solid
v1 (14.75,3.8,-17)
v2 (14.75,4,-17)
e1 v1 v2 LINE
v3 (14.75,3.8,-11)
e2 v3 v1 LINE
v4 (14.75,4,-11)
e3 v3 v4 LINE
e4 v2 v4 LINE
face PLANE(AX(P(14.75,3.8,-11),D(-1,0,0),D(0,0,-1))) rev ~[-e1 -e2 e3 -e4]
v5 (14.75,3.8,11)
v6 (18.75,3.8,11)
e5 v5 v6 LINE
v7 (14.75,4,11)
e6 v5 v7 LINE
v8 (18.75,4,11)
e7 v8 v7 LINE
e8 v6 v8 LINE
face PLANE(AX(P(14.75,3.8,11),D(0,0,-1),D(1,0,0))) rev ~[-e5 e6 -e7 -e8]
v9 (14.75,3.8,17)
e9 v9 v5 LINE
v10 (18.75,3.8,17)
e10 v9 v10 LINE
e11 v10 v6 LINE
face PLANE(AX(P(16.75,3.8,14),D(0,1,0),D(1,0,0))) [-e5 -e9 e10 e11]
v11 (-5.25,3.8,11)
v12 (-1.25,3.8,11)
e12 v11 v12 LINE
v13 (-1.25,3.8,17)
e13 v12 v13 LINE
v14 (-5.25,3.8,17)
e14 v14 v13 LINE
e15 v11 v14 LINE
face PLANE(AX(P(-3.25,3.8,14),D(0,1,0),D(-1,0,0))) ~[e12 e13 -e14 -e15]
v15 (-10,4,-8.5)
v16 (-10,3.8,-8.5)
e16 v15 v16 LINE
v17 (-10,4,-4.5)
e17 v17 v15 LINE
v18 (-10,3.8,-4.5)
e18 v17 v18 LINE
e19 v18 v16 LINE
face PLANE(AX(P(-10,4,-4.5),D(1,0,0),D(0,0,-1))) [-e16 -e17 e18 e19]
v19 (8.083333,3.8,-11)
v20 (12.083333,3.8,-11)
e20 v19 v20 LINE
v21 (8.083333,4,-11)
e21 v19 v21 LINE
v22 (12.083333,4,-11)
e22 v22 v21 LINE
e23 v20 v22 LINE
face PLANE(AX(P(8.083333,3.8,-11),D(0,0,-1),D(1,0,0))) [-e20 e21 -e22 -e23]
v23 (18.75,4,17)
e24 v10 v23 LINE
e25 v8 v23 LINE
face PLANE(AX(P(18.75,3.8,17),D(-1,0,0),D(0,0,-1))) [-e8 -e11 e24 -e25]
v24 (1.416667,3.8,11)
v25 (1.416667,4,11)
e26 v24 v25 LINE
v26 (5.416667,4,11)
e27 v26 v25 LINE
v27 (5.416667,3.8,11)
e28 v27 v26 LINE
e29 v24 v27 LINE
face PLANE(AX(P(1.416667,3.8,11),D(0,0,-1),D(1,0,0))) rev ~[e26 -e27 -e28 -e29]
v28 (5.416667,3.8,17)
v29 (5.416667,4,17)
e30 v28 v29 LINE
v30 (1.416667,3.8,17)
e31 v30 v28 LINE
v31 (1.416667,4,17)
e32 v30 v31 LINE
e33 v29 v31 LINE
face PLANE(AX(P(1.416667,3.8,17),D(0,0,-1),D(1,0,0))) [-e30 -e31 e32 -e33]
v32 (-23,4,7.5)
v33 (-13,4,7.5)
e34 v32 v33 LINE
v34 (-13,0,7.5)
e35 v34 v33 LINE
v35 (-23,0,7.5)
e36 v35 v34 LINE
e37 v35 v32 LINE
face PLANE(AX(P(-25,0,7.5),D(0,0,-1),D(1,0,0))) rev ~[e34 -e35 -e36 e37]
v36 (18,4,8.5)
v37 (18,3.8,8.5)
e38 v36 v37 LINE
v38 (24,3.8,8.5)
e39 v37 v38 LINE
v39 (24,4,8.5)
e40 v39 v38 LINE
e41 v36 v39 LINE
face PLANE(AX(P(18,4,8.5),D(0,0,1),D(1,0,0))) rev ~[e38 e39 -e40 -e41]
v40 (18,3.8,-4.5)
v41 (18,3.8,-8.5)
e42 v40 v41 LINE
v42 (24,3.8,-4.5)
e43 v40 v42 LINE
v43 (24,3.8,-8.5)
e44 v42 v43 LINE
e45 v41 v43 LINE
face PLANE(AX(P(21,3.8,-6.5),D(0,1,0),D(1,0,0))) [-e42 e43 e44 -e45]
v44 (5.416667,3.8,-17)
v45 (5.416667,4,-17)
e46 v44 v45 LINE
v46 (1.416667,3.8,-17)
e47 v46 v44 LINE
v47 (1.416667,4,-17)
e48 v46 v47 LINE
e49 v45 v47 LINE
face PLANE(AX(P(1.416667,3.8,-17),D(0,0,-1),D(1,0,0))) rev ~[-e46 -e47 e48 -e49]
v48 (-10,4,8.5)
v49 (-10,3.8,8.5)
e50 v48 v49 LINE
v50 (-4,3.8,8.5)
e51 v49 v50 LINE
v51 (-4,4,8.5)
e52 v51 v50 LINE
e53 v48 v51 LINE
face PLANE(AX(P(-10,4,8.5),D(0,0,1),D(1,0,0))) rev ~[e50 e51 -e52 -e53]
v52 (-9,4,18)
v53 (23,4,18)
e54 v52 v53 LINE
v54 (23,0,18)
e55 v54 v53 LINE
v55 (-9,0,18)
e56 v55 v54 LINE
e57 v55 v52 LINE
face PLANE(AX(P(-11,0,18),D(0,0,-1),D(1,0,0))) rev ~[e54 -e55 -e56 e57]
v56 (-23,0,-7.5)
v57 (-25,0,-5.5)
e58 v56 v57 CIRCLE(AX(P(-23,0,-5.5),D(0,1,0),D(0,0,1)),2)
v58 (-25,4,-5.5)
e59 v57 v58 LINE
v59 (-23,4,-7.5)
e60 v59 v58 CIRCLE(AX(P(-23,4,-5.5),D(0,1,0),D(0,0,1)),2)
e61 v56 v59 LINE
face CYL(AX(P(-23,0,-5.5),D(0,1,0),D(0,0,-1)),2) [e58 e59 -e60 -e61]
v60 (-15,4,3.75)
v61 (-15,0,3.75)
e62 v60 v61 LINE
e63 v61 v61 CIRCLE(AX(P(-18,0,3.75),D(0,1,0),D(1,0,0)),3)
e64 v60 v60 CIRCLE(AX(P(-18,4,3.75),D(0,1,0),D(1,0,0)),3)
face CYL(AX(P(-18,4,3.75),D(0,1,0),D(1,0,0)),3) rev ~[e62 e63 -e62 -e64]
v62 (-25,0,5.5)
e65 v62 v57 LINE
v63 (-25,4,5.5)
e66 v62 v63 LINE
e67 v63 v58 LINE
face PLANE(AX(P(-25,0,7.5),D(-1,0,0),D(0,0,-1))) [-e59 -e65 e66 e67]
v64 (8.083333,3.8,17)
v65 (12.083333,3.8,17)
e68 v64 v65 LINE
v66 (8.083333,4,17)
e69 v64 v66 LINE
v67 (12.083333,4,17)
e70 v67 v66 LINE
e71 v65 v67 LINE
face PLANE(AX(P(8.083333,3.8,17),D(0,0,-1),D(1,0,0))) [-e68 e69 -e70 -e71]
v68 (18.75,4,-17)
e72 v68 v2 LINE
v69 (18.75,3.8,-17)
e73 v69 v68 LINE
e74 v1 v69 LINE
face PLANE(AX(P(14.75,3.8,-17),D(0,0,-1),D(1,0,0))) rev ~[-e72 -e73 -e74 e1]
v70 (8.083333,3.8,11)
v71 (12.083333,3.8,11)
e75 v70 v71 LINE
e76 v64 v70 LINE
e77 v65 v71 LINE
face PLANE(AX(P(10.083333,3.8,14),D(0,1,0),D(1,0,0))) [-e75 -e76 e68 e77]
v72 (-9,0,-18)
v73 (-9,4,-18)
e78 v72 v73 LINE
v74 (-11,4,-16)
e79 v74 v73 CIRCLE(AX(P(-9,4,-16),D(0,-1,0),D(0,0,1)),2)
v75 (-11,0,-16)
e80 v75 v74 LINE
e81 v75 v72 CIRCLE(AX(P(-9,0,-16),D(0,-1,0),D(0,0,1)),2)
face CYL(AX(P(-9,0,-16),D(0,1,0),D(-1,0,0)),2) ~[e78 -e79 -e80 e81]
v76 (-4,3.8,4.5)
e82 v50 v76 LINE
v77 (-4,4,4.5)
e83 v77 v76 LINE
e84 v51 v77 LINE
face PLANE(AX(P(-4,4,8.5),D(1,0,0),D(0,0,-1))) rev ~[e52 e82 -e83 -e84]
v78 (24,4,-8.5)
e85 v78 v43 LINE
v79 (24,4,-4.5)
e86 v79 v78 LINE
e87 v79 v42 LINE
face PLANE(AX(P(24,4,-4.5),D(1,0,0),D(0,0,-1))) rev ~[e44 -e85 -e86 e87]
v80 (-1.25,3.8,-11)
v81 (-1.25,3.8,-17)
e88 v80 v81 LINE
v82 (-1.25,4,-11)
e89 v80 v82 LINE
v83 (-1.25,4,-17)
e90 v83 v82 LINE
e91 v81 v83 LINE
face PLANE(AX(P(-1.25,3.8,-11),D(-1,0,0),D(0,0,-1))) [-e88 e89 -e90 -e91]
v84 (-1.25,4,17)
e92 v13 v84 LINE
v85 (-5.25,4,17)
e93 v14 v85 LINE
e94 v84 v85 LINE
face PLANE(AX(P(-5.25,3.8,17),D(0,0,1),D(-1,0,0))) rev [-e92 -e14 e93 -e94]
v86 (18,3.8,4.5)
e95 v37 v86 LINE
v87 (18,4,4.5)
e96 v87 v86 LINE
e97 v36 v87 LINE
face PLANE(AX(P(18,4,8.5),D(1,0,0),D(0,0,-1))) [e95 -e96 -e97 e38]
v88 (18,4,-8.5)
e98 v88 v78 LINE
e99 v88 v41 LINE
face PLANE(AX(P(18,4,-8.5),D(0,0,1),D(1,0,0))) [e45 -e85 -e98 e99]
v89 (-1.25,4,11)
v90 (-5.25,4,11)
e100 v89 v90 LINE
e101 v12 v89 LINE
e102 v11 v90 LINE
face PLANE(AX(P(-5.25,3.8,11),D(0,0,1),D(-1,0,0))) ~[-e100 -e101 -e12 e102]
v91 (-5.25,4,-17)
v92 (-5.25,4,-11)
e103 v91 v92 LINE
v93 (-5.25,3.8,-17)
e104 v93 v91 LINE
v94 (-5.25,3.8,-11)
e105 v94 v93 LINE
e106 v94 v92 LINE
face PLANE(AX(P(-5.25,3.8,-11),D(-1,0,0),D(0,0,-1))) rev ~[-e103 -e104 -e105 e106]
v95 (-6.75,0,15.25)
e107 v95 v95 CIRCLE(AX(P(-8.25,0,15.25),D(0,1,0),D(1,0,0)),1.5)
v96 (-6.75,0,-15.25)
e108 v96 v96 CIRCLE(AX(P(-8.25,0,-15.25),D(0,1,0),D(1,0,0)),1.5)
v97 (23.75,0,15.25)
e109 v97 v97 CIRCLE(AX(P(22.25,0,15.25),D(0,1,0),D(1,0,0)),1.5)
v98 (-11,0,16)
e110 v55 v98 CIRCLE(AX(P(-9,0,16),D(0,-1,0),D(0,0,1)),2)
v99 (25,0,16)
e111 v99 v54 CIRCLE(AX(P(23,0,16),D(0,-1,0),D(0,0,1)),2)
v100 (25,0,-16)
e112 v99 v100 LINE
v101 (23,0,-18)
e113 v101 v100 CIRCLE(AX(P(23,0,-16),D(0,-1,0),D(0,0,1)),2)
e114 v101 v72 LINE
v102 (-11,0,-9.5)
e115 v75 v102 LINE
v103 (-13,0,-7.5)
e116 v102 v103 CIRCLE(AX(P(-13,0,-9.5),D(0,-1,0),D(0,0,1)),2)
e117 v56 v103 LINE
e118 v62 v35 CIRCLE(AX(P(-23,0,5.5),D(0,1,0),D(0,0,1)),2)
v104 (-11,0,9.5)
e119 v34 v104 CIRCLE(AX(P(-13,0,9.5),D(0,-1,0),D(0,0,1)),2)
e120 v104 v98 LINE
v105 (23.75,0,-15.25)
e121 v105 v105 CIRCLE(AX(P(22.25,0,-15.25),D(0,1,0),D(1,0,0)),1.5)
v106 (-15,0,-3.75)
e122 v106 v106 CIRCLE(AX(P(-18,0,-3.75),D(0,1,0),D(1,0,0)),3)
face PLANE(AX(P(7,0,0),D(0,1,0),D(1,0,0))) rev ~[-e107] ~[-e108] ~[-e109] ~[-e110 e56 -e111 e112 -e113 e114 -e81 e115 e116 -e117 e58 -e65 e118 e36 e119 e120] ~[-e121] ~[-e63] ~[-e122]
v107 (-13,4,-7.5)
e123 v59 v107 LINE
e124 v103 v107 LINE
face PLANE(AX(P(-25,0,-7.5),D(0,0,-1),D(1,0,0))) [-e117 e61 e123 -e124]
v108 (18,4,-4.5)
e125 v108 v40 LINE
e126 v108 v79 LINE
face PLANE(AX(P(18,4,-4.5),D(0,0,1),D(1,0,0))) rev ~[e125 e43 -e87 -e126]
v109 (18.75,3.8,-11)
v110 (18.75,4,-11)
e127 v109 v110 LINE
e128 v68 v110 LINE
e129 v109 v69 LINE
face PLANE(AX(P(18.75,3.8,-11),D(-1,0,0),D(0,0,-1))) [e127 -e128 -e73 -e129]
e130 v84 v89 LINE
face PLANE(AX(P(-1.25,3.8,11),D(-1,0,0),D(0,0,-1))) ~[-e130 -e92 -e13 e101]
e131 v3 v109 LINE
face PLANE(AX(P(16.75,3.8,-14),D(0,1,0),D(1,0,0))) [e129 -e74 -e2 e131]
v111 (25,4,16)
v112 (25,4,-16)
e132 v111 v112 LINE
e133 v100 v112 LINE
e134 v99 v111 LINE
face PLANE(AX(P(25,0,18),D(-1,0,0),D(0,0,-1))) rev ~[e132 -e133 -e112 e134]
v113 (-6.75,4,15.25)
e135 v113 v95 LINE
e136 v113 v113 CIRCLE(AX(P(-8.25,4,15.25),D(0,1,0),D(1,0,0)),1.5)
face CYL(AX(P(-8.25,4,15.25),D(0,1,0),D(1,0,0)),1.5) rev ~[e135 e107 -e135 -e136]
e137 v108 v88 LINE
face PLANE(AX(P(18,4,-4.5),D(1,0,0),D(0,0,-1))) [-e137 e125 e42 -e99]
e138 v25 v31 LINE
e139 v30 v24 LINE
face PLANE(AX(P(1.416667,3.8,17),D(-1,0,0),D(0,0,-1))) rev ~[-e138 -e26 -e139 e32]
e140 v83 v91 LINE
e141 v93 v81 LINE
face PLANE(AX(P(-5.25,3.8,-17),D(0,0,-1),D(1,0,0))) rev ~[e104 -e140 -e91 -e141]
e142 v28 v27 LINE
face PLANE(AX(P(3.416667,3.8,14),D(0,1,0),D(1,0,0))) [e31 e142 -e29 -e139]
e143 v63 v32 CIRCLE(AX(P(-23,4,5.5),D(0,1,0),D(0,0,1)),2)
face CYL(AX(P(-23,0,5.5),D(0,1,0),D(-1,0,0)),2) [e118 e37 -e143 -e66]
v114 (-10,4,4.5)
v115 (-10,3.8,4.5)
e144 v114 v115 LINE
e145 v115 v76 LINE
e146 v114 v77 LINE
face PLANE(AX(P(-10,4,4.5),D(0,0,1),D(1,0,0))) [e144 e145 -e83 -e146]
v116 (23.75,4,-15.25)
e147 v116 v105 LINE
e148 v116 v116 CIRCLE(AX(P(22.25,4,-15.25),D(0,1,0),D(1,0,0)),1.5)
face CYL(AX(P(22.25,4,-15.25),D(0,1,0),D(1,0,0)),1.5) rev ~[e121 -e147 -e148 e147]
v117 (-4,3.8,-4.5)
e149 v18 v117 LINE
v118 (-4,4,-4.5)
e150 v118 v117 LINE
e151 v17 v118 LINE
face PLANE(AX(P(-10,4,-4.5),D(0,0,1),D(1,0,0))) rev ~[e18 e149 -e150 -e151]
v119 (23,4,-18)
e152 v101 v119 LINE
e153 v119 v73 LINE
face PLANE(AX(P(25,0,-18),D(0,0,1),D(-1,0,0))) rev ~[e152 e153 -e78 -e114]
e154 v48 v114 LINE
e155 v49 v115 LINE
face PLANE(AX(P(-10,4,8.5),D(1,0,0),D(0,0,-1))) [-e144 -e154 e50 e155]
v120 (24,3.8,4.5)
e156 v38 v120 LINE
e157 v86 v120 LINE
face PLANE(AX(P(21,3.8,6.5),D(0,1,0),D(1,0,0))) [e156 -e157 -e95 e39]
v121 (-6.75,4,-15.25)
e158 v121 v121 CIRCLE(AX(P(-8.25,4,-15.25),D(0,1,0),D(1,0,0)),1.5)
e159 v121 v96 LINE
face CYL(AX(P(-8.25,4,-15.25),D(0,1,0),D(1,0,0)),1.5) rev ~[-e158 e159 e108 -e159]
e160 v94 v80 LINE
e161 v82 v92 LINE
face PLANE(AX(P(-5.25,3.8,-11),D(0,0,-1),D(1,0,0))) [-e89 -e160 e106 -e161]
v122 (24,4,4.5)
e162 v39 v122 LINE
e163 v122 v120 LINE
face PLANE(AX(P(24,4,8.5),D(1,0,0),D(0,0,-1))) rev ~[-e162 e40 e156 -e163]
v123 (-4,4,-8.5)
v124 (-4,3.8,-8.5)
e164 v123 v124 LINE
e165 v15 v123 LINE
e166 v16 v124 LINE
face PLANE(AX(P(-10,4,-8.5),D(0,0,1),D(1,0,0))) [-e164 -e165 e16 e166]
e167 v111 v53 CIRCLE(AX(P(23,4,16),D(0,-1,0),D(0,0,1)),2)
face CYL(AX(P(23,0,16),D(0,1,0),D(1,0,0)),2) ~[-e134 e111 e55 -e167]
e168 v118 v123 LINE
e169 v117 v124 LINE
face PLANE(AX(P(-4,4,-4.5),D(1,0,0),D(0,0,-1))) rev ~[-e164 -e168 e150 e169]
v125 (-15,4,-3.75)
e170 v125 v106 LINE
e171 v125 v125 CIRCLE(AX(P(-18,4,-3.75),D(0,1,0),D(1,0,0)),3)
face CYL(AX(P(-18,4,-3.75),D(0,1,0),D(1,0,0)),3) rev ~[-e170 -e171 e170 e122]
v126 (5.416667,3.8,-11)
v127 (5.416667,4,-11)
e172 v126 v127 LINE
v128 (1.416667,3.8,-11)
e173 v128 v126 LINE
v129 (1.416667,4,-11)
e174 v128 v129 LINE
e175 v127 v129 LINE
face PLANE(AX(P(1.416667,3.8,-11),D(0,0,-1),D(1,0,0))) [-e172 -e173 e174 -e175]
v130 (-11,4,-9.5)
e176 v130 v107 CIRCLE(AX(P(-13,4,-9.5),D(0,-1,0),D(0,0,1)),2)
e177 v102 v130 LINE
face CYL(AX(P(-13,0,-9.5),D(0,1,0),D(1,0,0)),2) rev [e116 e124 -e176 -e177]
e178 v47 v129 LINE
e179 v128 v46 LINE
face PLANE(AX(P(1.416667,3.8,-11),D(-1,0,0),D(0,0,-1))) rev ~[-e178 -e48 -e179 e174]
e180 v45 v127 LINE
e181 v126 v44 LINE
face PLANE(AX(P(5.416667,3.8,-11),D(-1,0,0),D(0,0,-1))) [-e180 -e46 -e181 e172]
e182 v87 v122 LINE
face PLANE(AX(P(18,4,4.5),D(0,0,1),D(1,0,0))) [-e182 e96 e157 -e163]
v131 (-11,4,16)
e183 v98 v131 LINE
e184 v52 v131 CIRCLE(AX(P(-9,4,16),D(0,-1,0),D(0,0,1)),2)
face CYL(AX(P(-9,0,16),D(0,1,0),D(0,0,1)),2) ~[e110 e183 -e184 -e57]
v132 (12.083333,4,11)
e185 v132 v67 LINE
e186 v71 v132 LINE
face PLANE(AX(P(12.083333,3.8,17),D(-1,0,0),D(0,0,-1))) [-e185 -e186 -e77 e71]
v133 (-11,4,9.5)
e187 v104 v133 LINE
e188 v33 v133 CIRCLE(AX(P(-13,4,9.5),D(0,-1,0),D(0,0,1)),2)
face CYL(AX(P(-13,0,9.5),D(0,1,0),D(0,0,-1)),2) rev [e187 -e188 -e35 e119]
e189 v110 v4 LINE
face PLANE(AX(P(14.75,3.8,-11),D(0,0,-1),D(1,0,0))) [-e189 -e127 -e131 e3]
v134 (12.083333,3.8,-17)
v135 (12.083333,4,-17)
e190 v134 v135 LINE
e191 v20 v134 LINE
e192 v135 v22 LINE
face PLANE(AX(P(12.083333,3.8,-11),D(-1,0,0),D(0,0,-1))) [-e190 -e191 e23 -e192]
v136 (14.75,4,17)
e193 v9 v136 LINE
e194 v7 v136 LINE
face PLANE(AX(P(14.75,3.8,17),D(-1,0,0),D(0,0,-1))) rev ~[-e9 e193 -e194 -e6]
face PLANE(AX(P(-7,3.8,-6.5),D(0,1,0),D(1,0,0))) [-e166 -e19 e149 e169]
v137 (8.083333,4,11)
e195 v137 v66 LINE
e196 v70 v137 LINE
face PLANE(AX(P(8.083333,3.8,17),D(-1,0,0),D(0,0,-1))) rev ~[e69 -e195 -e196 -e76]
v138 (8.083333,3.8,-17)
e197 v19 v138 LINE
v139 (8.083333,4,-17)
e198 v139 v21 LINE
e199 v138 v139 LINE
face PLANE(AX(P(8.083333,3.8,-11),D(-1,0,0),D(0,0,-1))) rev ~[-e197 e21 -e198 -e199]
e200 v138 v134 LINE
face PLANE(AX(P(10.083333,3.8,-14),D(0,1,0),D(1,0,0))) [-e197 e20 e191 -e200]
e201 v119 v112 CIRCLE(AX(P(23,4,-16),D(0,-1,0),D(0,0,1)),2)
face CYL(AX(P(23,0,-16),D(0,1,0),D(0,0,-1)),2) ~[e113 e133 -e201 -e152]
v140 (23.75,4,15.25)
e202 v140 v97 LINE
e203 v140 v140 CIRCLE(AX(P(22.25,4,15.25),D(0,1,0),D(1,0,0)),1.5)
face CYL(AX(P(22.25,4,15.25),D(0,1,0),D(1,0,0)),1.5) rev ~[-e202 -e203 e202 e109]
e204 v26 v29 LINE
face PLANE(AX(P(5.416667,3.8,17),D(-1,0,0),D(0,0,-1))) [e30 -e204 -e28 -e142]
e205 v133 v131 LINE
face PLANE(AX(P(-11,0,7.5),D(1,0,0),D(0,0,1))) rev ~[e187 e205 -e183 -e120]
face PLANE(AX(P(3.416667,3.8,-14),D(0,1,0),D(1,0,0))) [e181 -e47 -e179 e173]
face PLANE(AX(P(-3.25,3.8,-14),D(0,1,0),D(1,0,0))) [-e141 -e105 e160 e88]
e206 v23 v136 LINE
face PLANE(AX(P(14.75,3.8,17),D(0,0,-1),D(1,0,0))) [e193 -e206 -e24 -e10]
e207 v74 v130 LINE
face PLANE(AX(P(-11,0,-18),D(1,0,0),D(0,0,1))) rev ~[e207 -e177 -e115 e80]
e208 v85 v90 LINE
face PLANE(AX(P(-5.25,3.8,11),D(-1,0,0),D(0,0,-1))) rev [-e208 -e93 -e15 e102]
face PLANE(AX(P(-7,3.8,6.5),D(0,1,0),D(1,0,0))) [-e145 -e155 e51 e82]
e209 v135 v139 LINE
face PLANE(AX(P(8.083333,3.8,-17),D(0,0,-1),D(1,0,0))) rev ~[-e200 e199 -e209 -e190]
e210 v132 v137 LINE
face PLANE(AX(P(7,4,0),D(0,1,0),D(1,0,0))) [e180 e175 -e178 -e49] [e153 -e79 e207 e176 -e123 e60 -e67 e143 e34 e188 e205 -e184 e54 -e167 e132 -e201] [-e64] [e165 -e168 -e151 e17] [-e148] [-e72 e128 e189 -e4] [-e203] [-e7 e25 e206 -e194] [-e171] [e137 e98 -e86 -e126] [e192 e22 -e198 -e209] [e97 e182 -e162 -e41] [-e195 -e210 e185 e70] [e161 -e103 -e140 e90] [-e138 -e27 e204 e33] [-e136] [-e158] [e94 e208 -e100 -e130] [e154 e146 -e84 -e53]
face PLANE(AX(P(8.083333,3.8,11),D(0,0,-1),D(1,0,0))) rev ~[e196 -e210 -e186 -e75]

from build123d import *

# Parameters (mm, degrees)
SKETCH1_W               = 14
SKETCH1_H               = 15
BOSS_EXTRUDE1_DEPTH     = 4
SKETCH2_R               = 3
SKETCH2_R_2             = 1.5
CUT_EXTRUDE1_DEPTH      = 1
CUT_EXTRUDE1_DEPTH_BACK = 5
FILLET1_R               = 2
CUT_EXTRUDE2_START      = -0.2
SKETCH3_W               = 4
SKETCH3_H               = 6
CUT_EXTRUDE2_DEPTH      = 1.2
LPATTERN1_COUNT         = 4
LPATTERN1_PITCH         = 6.666666667
MIRROR1_START           = -0.2
MIRROR1_COPY_1_SKETCH_W = 4
MIRROR1_COPY_1_SKETCH_H = 6
MIRROR1_COPY_1_DEPTH    = 1.2
MIRROR1_COPY_2_SKETCH_W = 4
MIRROR1_COPY_2_SKETCH_H = 6
MIRROR1_COPY_2_DEPTH    = 1.2
MIRROR1_COPY_3_SKETCH_W = 4
MIRROR1_COPY_3_SKETCH_H = 6
MIRROR1_COPY_3_DEPTH    = 1.2
SKETCH4_W               = 6
SKETCH4_H               = 4
CUT_EXTRUDE3_DEPTH      = 1
CUT_EXTRUDE3_DEPTH_BACK = 0.2


with BuildPart() as part:
    # Sketch1 → Boss-Extrude1 (new body)
    with BuildSketch(Plane(origin=(0, 0, 0), x_dir=(1, 0, 0), z_dir=(0, 1, 0))):
        Polygon((-11, 18), (-11, 7.5), (-11, -7.5), (-11, -18), (25, -18), (25, 18), align=None)
        with Locations((-18, 0)):
            Rectangle(SKETCH1_W, SKETCH1_H)
    extrude(amount=BOSS_EXTRUDE1_DEPTH)

    # Sketch2 → Cut-Extrude1 (cut, two sides)
    with BuildSketch(Plane(origin=(0, 4, 0), x_dir=(1, 0, 0), z_dir=(0, 1, 0))) as cut_extrude1_sk:
        with Locations((-18, 3.75)):
            Circle(SKETCH2_R)
        with Locations((-8.25, 15.25)):
            Circle(SKETCH2_R_2)
        with Locations((22.25, 15.25)):
            Circle(SKETCH2_R_2)
        with Locations((-18, -3.75)):
            Circle(SKETCH2_R)
        with Locations((22.25, -15.25)):
            Circle(SKETCH2_R_2)
        with Locations((-8.25, -15.25)):
            Circle(SKETCH2_R_2)
    extrude(amount=CUT_EXTRUDE1_DEPTH, mode=Mode.SUBTRACT)
    extrude(cut_extrude1_sk.sketch, amount=-CUT_EXTRUDE1_DEPTH_BACK, mode=Mode.SUBTRACT)

    # Fillet1
    fillet1_edges = [part.edges().sort_by_distance(p)[0] for p in [
        (-11, 2, -18),
        (25, 2, -18),
        (25, 2, 18),
        (-11, 2, 18),
        (-11, 2, 7.5),
        (-25, 2, 7.5),
        (-25, 2, -7.5),
        (-11, 2, -7.5),
    ]]
    fillet(fillet1_edges, radius=FILLET1_R)

    # Sketch3 → Cut-Extrude2 (cut)
    with BuildSketch(Plane(origin=(0, 4, 0), x_dir=(1, 0, 0), z_dir=(0, 1, 0)).offset(CUT_EXTRUDE2_START)):
        with Locations((-3.25, 14)):
            Rectangle(SKETCH3_W, SKETCH3_H)
    cut_extrude2 = extrude(amount=CUT_EXTRUDE2_DEPTH, mode=Mode.SUBTRACT)

    # LPattern1: Cut-Extrude2 ×4
    with Locations(*[(i * LPATTERN1_PITCH, 0, 0) for i in range(1, LPATTERN1_COUNT)]):
        add(cut_extrude2, mode=Mode.SUBTRACT)

    # Mirror1: Cut-Extrude2 across plane
    add(cut_extrude2.mirror(Plane.XY), mode=Mode.SUBTRACT)

    # Mirror1 copy 1 sketch → Mirror1 copy 1 (cut)
    with BuildSketch(Plane(origin=(6.666666667, 4, 0), x_dir=(1, 0, 0), z_dir=(0, 1, 0)).offset(MIRROR1_START)):
        with Locations((-3.25, -14)):
            Rectangle(MIRROR1_COPY_1_SKETCH_W, MIRROR1_COPY_1_SKETCH_H)
    extrude(amount=MIRROR1_COPY_1_DEPTH, mode=Mode.SUBTRACT)

    # Mirror1 copy 2 sketch → Mirror1 copy 2 (cut)
    with BuildSketch(Plane(origin=(13.333333333, 4, 0), x_dir=(1, 0, 0), z_dir=(0, 1, 0)).offset(MIRROR1_START)):
        with Locations((-3.25, -14)):
            Rectangle(MIRROR1_COPY_2_SKETCH_W, MIRROR1_COPY_2_SKETCH_H)
    extrude(amount=MIRROR1_COPY_2_DEPTH, mode=Mode.SUBTRACT)

    # Mirror1 copy 3 sketch → Mirror1 copy 3 (cut)
    with BuildSketch(Plane(origin=(20, 4, 0), x_dir=(1, 0, 0), z_dir=(0, 1, 0)).offset(MIRROR1_START)):
        with Locations((-3.25, -14)):
            Rectangle(MIRROR1_COPY_3_SKETCH_W, MIRROR1_COPY_3_SKETCH_H)
    extrude(amount=MIRROR1_COPY_3_DEPTH, mode=Mode.SUBTRACT)

    # Sketch4 → Cut-Extrude3 (cut, two sides)
    with BuildSketch(Plane(origin=(0, 4, 0), x_dir=(1, 0, 0), z_dir=(0, 1, 0))) as cut_extrude3_sk:
        with Locations((21, 6.5)):
            Rectangle(SKETCH4_W, SKETCH4_H)
        with Locations((-7, 6.5)):
            Rectangle(SKETCH4_W, SKETCH4_H)
        with Locations((-7, -6.5)):
            Rectangle(SKETCH4_W, SKETCH4_H)
        with Locations((21, -6.5)):
            Rectangle(SKETCH4_W, SKETCH4_H)
    extrude(amount=CUT_EXTRUDE3_DEPTH, mode=Mode.SUBTRACT)
    extrude(cut_extrude3_sk.sketch, amount=-CUT_EXTRUDE3_DEPTH_BACK, mode=Mode.SUBTRACT)


solid = part.part
